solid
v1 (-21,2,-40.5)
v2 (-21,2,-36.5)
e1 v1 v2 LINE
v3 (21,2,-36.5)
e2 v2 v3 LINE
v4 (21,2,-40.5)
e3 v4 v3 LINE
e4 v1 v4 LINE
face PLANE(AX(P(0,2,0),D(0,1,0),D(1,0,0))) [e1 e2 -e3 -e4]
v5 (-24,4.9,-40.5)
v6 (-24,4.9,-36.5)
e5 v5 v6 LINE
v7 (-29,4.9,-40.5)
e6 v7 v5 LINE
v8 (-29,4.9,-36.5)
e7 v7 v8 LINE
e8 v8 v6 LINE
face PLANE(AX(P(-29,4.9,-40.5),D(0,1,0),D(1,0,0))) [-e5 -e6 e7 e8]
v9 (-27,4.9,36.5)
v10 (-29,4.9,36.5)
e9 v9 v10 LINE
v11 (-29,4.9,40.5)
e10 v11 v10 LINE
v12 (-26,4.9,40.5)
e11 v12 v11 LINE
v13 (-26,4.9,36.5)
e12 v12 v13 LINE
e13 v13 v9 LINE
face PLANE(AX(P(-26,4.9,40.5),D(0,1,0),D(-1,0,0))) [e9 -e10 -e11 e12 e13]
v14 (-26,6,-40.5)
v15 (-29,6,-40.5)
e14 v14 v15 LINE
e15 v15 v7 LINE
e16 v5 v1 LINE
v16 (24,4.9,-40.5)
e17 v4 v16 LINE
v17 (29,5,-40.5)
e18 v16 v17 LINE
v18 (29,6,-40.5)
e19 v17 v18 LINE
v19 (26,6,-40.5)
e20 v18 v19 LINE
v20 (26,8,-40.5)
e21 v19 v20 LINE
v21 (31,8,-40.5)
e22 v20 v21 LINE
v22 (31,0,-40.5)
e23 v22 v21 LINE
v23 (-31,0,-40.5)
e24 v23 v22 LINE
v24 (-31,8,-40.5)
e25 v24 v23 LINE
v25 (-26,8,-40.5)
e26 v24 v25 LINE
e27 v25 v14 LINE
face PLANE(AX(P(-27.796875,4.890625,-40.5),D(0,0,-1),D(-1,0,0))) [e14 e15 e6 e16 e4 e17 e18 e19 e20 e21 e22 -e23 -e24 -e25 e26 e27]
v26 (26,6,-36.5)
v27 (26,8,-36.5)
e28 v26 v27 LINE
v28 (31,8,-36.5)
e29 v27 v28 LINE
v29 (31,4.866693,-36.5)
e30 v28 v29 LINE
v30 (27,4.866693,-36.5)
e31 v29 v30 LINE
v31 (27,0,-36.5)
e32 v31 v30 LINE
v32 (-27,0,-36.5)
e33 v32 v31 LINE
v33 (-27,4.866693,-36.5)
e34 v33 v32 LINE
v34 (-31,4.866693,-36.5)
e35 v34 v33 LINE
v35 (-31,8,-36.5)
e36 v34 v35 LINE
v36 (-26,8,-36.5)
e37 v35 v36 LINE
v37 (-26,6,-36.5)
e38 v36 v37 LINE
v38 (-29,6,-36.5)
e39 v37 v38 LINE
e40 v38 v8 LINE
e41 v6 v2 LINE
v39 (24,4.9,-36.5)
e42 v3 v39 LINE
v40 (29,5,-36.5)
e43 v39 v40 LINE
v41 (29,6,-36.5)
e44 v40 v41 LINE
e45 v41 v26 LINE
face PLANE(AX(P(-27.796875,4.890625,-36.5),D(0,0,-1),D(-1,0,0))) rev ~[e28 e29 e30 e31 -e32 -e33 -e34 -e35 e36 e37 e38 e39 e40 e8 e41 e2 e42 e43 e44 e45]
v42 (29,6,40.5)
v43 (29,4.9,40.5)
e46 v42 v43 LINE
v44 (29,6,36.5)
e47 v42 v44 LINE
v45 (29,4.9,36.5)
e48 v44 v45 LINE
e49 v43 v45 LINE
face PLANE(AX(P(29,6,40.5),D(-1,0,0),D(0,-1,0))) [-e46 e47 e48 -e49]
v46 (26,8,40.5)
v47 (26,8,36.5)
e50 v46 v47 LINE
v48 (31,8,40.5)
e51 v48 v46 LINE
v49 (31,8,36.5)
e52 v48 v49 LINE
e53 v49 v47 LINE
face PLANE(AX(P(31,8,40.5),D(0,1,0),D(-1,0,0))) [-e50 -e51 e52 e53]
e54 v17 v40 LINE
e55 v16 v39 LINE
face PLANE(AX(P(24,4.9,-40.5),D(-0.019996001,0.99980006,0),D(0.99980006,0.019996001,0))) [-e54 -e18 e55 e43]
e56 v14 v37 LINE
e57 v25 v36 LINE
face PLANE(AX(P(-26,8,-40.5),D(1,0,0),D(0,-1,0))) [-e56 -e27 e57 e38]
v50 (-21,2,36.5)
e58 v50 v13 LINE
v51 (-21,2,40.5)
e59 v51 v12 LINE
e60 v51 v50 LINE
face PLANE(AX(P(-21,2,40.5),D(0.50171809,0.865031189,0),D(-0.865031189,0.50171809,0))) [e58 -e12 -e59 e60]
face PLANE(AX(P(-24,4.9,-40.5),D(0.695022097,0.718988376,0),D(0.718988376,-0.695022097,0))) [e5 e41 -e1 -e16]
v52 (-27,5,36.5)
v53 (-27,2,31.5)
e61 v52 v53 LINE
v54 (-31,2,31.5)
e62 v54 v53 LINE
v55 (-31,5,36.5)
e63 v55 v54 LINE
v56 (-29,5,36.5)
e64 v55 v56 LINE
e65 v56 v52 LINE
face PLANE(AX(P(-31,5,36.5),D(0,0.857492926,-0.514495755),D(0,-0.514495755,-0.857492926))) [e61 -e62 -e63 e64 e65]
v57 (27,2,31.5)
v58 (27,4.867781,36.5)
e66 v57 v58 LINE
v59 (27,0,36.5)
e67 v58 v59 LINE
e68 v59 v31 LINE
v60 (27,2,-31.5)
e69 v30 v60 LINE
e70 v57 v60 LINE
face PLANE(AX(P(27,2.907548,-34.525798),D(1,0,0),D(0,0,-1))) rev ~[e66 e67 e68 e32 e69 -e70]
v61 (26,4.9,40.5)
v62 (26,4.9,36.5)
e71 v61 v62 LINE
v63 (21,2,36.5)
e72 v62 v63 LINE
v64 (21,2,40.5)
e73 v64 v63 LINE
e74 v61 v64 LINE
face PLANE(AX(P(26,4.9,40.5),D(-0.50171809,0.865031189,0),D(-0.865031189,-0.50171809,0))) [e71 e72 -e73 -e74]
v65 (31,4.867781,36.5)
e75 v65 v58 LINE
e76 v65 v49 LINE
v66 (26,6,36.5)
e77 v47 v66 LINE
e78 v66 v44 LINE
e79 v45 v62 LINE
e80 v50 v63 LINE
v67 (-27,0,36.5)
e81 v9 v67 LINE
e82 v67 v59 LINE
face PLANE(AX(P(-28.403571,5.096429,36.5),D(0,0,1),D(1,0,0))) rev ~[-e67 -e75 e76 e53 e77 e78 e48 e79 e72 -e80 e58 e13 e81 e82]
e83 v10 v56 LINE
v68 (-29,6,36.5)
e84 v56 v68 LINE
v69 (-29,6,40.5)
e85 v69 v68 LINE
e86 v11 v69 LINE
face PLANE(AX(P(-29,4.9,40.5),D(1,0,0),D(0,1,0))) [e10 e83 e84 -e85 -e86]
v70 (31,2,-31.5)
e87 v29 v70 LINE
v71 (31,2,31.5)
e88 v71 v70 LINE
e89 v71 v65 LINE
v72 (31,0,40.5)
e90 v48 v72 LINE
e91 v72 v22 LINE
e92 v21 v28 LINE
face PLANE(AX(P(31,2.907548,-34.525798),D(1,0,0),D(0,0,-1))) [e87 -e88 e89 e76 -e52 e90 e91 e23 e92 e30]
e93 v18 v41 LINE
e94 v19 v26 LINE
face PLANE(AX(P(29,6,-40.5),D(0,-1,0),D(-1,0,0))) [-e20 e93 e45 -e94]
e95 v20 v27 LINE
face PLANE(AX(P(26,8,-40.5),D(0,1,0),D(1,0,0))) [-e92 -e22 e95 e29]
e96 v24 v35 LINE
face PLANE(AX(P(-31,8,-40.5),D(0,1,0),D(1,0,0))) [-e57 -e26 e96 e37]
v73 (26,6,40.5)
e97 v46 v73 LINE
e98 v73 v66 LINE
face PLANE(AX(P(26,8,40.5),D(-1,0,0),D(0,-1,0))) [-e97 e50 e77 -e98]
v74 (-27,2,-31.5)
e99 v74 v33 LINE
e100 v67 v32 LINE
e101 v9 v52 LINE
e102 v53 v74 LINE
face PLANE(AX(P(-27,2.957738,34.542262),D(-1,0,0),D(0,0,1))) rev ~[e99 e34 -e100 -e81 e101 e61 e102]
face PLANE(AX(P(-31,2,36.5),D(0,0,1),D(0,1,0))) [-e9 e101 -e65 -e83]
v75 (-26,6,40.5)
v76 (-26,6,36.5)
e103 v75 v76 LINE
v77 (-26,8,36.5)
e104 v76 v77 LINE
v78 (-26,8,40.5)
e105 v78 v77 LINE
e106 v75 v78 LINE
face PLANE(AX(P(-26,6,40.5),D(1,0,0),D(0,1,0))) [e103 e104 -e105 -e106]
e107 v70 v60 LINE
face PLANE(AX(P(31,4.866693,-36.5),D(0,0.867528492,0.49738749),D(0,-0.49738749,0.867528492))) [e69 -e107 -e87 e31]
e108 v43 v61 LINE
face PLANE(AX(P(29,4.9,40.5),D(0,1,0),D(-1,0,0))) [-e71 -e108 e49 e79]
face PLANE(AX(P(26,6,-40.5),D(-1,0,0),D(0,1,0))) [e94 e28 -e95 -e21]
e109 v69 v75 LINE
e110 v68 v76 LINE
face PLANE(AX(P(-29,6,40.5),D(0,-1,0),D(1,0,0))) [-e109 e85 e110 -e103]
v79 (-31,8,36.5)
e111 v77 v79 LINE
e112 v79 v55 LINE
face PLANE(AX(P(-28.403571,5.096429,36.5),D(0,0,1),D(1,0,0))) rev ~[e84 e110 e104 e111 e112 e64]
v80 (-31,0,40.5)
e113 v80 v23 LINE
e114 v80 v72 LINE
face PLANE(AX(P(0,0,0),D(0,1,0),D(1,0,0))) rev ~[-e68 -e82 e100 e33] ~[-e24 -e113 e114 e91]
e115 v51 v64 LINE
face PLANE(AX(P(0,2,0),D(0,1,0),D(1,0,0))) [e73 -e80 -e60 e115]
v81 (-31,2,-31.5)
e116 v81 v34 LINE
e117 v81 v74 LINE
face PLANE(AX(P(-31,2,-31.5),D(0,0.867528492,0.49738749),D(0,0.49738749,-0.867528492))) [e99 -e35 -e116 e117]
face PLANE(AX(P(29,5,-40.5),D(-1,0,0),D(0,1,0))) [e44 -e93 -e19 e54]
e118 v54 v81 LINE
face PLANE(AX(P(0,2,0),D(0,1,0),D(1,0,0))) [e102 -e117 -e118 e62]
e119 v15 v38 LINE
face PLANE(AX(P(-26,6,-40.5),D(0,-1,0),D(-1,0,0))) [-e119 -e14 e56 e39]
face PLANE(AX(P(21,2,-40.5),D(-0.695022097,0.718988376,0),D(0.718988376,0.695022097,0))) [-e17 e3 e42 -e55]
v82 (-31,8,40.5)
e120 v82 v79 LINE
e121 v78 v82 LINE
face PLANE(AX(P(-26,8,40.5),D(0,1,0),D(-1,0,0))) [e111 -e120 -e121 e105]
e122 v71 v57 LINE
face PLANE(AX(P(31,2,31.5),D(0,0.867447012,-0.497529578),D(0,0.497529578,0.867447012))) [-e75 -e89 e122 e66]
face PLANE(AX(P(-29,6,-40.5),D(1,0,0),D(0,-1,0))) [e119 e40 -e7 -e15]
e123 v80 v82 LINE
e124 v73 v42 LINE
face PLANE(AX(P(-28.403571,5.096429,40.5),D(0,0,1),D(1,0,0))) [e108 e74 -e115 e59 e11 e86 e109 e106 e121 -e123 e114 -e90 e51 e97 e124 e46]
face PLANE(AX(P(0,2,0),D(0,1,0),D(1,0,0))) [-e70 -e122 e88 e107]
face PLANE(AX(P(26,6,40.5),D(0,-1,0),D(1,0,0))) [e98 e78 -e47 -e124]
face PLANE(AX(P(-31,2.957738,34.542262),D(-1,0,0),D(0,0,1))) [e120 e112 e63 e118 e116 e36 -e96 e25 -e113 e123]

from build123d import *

# Parameters (mm, degrees)
SKETCH_1_W      = 62
SKETCH_1_H      = 81
SKETCH_1_W_2    = 54
SKETCH_1_H_2    = 73
EXTRUDE_1_DEPTH = 2
EXTRUDE_2_DEPTH = 4
EXTRUDE_3_DEPTH = 4
EXTRUDE_4_DEPTH = 4
EXTRUDE_5_DEPTH = 4
EXTRUDE_6_DEPTH = 4
EXTRUDE_7_DEPTH = 4
EXTRUDE_8_DEPTH = 4
EXTRUDE_9_DEPTH = 4


with BuildPart() as part:
    # Эскиз1 → Бобышка-Вытянуть1 (new body)
    with BuildSketch(Plane(origin=(0, 0, 0), x_dir=(1, 0, 0), z_dir=(0, 1, 0))):
        Rectangle(SKETCH_1_W, SKETCH_1_H)
        Rectangle(SKETCH_1_W_2, SKETCH_1_H_2, mode=Mode.SUBTRACT)
    extrude(amount=EXTRUDE_1_DEPTH)

    # Эскиз6 → Бобышка-Вытянуть2 (add)
    with BuildSketch(Plane.XY.offset(40.5)):
        Polygon((26, 2), (31, 2), (31, 8), (26, 8), (26, 6), (29, 6), (29, 4.9), (26, 4.9), align=None)
        Polygon((21, 2), (26, 2), (26, 4.9), align=None)
    extrude(amount=-EXTRUDE_2_DEPTH)

    # Эскиз8 → Бобышка-Вытянуть3 (add)
    with BuildSketch(Plane.XY.offset(40.5)):
        Polygon((-31, 8), (-31, 2), (-26, 2), (-26, 4.9), (-29, 4.9), (-29, 6), (-26, 6), (-26, 8), align=None)
        Polygon((-26, 4.9), (-26, 2), (-21, 2), align=None)
    extrude(amount=-EXTRUDE_3_DEPTH)

    # Эскиз10 → Бобышка-Вытянуть4 (add)
    with BuildSketch(Plane(origin=(0, 0, -40.5), x_dir=(-1, 0, 0), z_dir=(0, 0, -1))):
        Polygon((-31, 8), (-31, 2), (-24, 2), (-24, 4.9), (-29, 5), (-29, 6), (-26, 6), (-26, 8), align=None)
        Polygon((-24, 4.9), (-24, 2), (-21, 2), align=None)
    extrude(amount=-EXTRUDE_4_DEPTH)

    # Эскиз11 → Бобышка-Вытянуть5 (add)
    with BuildSketch(Plane(origin=(0, 0, -40.5), x_dir=(-1, 0, 0), z_dir=(0, 0, -1))):
        Polygon((24, 2), (31, 2), (31, 8), (26, 8), (26, 6), (29, 6), (29, 4.9), (24, 4.9), align=None)
        Polygon((21, 2), (24, 2), (24, 4.9), align=None)
    extrude(amount=-EXTRUDE_5_DEPTH)

    # Эскиз12 → Бобышка-Вытянуть6 (add)
    with BuildSketch(Plane.ZY.offset(31)):
        Polygon((-36.5, 2), (-31.5, 2), (-36.5, 4.866692533), align=None)
    extrude(amount=-EXTRUDE_6_DEPTH)

    # Эскиз13 → Бобышка-Вытянуть7 (add)
    with BuildSketch(Plane.ZY.offset(31)):
        Polygon((36.5, 2), (36.5, 5), (31.5, 2), align=None)
    extrude(amount=-EXTRUDE_7_DEPTH)

    # Эскиз17 → Бобышка-Вытянуть8 (add)
    with BuildSketch(Plane(origin=(31, 0, 0), x_dir=(0, 0, -1), z_dir=(1, 0, 0))):
        Polygon((-31.5, 2), (-36.5, 4.867780804), (-36.5, 2), align=None)
    extrude(amount=-EXTRUDE_8_DEPTH)

    # Эскиз21 → Бобышка-Вытянуть9 (add)
    with BuildSketch(Plane(origin=(31, 0, 0), x_dir=(0, 0, -1), z_dir=(1, 0, 0))):
        Polygon((36.5, 2), (36.5, 4.866692533), (31.5, 2), align=None)
    extrude(amount=-EXTRUDE_9_DEPTH)


solid = part.part
